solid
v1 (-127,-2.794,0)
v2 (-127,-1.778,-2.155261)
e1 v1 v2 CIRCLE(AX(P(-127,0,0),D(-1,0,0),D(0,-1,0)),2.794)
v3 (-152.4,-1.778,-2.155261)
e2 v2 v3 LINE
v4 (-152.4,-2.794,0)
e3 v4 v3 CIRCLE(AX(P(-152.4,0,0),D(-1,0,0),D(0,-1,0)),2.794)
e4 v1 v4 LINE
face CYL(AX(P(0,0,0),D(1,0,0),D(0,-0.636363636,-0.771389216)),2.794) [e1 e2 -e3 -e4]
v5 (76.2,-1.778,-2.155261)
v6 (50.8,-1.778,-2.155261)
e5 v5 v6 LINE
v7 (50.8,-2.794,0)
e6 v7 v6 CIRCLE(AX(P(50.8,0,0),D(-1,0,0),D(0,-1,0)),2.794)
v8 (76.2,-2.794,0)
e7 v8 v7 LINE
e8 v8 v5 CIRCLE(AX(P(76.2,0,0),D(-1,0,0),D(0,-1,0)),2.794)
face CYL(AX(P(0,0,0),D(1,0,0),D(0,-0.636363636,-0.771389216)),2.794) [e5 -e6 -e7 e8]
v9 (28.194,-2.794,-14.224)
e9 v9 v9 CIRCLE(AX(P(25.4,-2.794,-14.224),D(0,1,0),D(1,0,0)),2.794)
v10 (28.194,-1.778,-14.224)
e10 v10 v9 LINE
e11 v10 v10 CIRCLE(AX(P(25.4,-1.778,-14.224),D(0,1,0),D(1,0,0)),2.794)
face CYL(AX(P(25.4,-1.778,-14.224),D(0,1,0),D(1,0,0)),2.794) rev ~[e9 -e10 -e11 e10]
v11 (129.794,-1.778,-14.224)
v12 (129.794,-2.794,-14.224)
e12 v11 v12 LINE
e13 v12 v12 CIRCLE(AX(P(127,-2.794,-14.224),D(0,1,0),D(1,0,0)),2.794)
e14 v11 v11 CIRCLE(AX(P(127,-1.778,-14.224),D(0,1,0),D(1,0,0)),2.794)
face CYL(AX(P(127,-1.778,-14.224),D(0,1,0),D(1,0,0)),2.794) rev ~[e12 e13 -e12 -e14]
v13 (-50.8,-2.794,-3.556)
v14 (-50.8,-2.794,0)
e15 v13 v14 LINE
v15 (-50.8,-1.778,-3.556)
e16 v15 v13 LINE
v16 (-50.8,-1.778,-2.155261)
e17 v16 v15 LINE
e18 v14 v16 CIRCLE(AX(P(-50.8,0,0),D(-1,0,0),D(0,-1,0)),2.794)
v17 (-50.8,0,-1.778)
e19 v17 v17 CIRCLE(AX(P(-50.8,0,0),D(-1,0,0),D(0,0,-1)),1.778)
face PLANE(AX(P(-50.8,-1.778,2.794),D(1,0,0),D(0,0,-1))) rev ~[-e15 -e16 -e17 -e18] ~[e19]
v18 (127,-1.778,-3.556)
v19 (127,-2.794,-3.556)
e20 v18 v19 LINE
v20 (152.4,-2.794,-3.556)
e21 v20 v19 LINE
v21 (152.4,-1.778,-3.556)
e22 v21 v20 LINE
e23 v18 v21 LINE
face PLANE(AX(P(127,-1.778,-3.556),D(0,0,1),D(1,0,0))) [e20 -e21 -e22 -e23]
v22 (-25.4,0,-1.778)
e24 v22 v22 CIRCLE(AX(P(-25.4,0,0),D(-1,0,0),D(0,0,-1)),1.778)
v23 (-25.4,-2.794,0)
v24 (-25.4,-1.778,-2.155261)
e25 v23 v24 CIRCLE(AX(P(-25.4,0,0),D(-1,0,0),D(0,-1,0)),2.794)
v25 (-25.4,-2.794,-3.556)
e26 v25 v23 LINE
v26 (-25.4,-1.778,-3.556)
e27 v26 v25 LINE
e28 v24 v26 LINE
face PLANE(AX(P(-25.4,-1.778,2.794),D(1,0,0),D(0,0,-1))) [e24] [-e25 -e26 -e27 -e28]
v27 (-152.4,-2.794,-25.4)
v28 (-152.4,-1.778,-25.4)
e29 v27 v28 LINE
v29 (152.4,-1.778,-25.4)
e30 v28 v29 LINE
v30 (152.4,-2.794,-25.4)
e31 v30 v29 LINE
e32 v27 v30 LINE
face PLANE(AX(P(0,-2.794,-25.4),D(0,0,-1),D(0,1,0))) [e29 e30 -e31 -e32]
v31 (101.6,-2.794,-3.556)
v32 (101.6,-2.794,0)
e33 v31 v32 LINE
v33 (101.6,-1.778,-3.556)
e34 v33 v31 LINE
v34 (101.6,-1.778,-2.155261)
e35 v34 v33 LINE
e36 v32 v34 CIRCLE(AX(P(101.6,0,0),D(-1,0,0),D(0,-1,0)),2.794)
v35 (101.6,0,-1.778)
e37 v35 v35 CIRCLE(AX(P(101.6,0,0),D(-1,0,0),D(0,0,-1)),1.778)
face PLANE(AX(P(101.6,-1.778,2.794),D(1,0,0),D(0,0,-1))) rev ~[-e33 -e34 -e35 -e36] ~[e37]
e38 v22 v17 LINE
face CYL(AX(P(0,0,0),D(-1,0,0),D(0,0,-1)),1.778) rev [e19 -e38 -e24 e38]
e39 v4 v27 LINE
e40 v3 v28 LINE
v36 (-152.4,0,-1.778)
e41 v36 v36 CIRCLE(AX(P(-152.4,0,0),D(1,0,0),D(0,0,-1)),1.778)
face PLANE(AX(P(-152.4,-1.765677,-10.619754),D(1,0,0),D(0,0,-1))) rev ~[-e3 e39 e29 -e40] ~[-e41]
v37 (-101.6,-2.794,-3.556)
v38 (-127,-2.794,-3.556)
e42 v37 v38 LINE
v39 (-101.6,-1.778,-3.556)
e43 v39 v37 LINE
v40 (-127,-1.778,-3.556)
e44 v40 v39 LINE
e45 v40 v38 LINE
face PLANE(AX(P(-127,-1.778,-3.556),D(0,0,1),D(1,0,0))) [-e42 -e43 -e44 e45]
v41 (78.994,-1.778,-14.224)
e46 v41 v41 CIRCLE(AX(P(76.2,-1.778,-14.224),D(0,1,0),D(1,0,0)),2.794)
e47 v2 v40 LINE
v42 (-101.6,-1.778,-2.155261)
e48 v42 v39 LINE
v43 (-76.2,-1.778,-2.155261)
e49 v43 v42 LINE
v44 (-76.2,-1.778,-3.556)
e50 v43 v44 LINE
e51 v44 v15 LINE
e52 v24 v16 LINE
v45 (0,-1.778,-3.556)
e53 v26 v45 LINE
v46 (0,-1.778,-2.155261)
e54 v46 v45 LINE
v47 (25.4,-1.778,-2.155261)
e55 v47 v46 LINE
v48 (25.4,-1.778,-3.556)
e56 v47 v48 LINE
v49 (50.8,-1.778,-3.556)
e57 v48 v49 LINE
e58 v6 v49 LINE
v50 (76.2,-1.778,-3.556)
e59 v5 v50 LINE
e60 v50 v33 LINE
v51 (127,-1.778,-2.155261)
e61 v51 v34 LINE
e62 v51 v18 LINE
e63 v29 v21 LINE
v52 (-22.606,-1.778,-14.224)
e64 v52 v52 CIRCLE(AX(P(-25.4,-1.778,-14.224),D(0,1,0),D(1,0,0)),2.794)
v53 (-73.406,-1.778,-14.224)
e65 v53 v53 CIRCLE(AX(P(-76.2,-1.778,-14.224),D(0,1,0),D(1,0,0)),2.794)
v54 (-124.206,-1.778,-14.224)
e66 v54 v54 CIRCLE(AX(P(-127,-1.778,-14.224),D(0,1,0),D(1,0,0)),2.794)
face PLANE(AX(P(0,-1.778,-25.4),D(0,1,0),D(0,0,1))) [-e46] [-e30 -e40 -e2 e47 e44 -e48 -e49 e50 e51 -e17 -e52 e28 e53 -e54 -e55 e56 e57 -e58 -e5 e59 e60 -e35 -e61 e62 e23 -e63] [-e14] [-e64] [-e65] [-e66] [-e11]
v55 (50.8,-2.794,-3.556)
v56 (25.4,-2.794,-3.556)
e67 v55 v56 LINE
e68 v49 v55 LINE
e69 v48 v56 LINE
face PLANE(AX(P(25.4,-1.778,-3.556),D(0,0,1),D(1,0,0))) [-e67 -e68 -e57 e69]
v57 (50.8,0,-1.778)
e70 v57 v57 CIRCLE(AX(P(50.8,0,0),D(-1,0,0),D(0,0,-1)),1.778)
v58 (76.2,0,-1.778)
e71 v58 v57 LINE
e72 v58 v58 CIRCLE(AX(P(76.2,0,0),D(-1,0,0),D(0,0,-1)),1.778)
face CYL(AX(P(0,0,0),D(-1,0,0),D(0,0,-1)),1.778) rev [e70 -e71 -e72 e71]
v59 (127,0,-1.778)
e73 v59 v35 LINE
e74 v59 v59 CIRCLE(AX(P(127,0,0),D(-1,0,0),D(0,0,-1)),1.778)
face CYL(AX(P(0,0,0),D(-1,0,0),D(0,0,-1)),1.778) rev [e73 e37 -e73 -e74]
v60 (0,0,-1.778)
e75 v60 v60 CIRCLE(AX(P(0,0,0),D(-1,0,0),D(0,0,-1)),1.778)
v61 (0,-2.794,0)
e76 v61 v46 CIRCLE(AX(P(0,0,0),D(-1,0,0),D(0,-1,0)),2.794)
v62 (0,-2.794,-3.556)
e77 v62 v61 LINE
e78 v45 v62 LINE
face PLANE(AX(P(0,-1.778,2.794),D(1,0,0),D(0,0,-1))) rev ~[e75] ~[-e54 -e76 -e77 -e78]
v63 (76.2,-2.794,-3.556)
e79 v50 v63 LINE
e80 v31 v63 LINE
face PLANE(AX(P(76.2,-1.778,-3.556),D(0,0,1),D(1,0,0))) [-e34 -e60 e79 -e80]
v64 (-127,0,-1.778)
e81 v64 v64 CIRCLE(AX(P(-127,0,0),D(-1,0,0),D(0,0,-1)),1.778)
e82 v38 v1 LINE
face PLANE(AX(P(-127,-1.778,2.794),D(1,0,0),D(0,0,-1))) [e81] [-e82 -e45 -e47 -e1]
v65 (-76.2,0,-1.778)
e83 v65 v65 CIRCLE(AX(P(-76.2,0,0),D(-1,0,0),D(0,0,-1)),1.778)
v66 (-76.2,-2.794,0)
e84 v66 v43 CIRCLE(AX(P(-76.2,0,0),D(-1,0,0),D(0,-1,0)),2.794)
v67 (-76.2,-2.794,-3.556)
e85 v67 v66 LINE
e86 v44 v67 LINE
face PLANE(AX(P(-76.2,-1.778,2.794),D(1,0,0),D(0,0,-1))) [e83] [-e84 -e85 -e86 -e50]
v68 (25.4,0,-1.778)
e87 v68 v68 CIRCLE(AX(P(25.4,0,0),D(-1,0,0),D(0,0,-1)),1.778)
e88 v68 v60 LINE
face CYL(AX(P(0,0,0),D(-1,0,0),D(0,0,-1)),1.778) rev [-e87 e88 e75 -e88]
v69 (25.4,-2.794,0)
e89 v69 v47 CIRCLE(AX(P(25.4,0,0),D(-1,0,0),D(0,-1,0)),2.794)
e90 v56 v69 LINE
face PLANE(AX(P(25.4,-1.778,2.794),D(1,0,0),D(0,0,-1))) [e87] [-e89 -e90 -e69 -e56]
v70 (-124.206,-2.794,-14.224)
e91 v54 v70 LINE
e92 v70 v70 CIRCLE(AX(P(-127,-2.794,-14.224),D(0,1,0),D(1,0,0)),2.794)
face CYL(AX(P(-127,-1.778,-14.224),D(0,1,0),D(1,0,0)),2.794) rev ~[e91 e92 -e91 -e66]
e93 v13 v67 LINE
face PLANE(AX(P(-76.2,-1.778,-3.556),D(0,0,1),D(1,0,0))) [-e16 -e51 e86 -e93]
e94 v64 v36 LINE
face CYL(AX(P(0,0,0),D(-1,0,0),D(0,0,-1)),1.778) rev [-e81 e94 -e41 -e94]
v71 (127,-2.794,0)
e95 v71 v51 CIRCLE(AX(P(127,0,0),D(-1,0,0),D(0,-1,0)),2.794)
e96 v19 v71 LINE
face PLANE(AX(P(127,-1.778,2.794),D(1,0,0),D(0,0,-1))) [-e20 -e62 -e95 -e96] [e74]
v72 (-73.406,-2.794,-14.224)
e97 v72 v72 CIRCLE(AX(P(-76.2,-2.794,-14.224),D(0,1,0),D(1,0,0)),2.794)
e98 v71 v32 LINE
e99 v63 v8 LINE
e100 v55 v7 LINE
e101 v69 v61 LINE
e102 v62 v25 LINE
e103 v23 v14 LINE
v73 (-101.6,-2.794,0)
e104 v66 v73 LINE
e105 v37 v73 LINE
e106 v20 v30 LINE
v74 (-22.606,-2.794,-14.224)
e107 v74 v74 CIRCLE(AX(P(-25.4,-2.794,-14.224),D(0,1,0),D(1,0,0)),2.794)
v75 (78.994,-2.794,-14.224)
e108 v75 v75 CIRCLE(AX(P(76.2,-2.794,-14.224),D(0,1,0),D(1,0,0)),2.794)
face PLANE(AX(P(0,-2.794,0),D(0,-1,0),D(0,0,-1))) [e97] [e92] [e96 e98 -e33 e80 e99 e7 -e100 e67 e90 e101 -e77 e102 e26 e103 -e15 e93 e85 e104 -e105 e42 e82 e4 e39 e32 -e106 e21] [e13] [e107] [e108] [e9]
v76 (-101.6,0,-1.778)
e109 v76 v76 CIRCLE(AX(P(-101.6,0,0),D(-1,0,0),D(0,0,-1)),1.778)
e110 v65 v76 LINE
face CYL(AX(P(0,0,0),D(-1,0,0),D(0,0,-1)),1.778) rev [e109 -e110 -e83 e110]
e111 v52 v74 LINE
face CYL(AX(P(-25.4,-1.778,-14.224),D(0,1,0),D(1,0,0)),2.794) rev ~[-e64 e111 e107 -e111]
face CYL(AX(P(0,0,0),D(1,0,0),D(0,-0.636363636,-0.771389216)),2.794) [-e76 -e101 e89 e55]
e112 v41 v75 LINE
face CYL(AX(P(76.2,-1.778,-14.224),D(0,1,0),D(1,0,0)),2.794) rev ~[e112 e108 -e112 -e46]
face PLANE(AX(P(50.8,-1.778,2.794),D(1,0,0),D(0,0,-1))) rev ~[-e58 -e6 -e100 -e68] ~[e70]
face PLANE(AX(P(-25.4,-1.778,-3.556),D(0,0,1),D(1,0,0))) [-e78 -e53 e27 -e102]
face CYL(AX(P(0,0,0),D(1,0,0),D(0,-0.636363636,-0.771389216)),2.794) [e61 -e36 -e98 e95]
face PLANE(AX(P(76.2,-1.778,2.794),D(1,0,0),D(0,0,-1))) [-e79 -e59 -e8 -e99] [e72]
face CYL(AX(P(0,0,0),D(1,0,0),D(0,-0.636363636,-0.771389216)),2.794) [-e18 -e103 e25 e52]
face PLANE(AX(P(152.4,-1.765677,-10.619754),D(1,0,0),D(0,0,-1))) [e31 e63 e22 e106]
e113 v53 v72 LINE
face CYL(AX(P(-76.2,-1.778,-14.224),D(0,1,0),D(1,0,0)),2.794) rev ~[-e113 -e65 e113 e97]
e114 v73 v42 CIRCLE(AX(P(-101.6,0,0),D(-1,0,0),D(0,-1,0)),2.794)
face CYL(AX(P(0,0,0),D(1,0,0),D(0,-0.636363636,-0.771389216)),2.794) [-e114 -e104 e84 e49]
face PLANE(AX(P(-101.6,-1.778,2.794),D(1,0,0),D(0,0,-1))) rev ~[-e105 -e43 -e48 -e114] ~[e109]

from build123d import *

# Parameters (mm, degrees)
SKETCH1_R           = 1.778
BOSS_EXTRUDE1_DEPTH = 152.4
SKETCH2_R           = 2.794
SKETCH2_W           = 25.4
SKETCH2_H           = 6.35
CUT_EXTRUDE1_DEPTH  = 914.4
LPATTERN1_COUNT     = 4
LPATTERN1_PITCH     = 50.8
LPATTERN2_COUNT     = 4
LPATTERN2_PITCH     = 50.8


with BuildPart() as part:
    # Sketch1 → Boss-Extrude1 (new body, symmetric)
    with BuildSketch(Plane(origin=(0, 0, 0), x_dir=(0, 0, -1), z_dir=(1, 0, 0))):
        with BuildLine():
            Line((0, -2.794), (25.4, -2.794))
            Line((25.4, -2.794), (25.4, -1.778))
            Line((25.4, -1.778), (2.155261469, -1.778))
            ThreePointArc((2.155261469, -1.778), (-1.191365603, 2.52726809), (0, -2.794))
        make_face()
        Circle(SKETCH1_R, mode=Mode.SUBTRACT)
    extrude(amount=BOSS_EXTRUDE1_DEPTH, both=True)

    # Sketch2 → Cut-Extrude1 (cut, symmetric)
    with BuildSketch(Plane(origin=(0, -1.778, 0), x_dir=(1, 0, 0), z_dir=(0, 1, 0))):
        with Locations((-25.4, 14.224)):
            Circle(SKETCH2_R)
        with Locations((-12.7, 0.381)):
            Rectangle(SKETCH2_W, SKETCH2_H)
    cut_extrude1 = extrude(amount=CUT_EXTRUDE1_DEPTH, both=True, mode=Mode.SUBTRACT)

    # LPattern1: Cut-Extrude1 ×4
    with Locations(*[(-i * LPATTERN1_PITCH, 0, 0) for i in range(1, LPATTERN1_COUNT)]):
        add(cut_extrude1, mode=Mode.SUBTRACT)

    # LPattern2: Cut-Extrude1 ×4
    with Locations(*[(i * LPATTERN2_PITCH, 0, 0) for i in range(1, LPATTERN2_COUNT)]):
        add(cut_extrude1, mode=Mode.SUBTRACT)


solid = part.part
